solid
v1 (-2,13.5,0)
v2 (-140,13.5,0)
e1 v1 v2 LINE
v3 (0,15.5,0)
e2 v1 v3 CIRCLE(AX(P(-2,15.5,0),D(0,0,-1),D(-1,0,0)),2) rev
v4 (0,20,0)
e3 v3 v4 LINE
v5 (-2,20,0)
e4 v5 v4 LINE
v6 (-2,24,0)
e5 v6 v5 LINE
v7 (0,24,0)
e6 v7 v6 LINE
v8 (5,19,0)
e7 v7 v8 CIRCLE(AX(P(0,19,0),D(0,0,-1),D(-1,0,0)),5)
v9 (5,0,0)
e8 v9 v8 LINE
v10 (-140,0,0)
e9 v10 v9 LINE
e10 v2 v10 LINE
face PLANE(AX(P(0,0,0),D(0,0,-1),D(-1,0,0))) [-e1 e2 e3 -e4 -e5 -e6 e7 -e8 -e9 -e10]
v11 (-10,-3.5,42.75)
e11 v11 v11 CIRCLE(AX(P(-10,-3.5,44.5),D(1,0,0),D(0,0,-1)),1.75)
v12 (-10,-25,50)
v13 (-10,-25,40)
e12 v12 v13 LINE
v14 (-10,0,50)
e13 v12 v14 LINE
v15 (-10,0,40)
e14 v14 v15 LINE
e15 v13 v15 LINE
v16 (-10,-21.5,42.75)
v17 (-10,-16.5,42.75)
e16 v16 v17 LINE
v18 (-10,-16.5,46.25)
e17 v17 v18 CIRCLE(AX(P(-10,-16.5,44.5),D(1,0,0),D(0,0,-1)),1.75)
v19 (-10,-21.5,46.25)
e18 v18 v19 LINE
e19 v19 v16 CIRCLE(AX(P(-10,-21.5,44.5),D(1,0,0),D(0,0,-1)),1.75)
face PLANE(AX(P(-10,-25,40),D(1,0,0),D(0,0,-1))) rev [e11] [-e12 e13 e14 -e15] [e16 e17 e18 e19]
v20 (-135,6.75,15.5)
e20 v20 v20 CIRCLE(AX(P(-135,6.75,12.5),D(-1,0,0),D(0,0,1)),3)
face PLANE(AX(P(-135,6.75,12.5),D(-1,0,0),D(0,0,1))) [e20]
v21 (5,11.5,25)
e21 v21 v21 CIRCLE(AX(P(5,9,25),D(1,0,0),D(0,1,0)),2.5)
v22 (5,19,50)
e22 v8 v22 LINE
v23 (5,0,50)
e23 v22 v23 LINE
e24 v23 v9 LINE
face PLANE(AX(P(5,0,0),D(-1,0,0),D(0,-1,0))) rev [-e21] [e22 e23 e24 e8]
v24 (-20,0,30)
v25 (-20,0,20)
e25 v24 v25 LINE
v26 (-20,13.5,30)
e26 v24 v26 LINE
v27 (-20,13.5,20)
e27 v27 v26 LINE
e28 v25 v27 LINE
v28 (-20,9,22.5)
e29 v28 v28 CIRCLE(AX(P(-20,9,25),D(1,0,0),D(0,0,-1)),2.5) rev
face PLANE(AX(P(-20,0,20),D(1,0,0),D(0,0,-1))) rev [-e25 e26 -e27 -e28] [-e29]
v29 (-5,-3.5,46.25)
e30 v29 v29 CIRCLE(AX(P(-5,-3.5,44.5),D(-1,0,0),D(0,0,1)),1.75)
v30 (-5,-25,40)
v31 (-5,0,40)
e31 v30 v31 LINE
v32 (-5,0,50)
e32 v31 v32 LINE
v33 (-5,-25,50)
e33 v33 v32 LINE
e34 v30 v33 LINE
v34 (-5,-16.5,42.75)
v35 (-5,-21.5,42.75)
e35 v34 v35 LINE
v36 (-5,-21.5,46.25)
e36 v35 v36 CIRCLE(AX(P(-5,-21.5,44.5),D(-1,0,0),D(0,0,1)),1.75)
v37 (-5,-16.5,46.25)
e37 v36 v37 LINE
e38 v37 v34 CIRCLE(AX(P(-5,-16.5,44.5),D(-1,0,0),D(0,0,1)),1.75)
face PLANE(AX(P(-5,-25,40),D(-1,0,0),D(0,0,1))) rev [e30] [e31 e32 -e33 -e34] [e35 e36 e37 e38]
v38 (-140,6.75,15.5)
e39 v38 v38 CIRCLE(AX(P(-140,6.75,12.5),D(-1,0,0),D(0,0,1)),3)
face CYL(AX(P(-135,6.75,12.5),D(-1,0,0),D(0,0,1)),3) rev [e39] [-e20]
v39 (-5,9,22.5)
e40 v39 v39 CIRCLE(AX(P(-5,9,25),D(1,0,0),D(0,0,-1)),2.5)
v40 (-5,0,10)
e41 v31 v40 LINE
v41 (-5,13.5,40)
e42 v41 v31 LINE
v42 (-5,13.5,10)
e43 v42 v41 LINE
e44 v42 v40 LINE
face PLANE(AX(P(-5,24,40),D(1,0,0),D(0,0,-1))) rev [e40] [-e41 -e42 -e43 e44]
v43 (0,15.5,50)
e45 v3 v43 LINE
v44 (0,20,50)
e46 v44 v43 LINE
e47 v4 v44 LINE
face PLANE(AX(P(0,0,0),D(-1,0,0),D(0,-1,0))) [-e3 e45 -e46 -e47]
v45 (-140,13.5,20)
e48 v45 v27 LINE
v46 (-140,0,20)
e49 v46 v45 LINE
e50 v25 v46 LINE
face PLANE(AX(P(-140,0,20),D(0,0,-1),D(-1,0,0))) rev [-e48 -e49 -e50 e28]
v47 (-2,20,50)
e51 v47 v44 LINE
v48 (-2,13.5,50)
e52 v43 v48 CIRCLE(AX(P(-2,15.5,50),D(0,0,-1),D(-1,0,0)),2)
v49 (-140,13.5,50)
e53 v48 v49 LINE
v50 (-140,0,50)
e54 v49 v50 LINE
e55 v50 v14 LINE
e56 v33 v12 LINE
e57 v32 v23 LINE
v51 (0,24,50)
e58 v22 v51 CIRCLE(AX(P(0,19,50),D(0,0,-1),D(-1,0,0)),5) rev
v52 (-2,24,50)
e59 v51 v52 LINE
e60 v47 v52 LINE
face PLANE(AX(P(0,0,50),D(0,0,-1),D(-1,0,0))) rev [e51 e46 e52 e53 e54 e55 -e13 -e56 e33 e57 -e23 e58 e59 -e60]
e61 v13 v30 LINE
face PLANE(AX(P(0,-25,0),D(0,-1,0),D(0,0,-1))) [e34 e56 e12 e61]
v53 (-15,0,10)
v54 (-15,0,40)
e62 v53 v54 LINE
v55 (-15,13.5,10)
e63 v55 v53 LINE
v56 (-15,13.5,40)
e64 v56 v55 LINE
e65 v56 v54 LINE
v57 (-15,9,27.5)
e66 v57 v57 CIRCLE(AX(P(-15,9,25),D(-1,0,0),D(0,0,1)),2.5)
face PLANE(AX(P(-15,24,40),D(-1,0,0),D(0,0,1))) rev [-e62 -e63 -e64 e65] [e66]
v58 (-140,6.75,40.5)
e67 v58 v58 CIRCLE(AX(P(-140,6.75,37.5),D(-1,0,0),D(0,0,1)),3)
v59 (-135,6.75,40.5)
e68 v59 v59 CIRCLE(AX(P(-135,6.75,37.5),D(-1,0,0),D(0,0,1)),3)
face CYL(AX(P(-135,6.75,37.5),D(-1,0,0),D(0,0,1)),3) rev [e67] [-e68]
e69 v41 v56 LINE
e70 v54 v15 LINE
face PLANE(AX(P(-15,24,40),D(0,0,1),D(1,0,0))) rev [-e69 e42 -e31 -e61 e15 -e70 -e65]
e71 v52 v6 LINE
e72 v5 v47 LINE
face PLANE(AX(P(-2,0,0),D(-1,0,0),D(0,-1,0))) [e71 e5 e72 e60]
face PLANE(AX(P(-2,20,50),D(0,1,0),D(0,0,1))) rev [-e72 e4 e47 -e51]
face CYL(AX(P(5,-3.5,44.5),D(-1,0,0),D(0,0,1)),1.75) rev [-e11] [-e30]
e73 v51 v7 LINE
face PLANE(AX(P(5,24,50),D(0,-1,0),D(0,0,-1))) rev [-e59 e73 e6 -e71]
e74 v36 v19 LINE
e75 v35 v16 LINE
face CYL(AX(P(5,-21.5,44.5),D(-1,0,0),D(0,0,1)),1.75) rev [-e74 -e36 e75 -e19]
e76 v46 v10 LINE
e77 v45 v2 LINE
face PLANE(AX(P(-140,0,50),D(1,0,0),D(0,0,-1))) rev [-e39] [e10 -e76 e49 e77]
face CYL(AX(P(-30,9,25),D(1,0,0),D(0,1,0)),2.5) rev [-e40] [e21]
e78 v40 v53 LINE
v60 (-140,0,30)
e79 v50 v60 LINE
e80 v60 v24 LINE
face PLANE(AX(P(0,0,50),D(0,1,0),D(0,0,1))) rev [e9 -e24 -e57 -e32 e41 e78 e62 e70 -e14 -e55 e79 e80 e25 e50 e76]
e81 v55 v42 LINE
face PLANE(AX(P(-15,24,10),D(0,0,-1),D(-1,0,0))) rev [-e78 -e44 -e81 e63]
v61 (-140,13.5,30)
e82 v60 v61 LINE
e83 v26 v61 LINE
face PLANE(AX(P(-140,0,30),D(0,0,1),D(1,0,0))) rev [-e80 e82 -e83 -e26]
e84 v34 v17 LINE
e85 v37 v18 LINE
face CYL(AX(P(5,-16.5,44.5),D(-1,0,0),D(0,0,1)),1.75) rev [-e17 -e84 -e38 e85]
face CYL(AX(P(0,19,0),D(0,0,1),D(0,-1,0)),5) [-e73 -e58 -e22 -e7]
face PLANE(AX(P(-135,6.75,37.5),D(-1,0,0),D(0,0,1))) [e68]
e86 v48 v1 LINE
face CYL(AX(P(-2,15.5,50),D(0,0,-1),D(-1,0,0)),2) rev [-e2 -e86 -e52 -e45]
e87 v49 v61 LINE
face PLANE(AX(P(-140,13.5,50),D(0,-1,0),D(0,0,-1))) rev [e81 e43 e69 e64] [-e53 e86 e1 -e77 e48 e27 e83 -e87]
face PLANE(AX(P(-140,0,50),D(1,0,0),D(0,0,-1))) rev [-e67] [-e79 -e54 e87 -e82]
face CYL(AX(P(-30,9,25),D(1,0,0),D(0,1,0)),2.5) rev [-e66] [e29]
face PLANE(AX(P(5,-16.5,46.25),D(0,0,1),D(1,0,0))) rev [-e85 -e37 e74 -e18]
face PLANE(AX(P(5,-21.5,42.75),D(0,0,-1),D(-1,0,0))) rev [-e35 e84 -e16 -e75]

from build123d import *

# Parameters (mm, degrees)
SKETCH1_W               = 140
SKETCH1_H               = 13.5
BOSS_EXTRUDE1_DEPTH     = 50
SKETCH2_R               = 3
CUT_EXTRUDE1_DEPTH      = 5
SKETCH3_W               = 50
SKETCH3_H               = 24
BOSS_EXTRUDE2_DEPTH     = 5
CUT_EXTRUDE2_DEPTH      = 151.585523873
CUT_EXTRUDE2_DEPTH_BACK = 151.585523873
SKETCH4_W               = 10
SKETCH4_H               = 30
SKETCH5_R               = 2.5
CUT_EXTRUDE3_DEPTH      = 35
SKETCH6_W               = 50
SKETCH6_H               = 4
BOSS_EXTRUDE3_DEPTH     = 2
CUT_EXTRUDE4_DEPTH      = 150.272402004
CUT_EXTRUDE4_DEPTH_BACK = 150.272402004
SKETCH7_W               = 120
SKETCH7_H               = 10
SKETCH8_W               = 5
SKETCH8_H               = 10
BOSS_EXTRUDE4_DEPTH     = 25
CUT_EXTRUDE5_DEPTH      = 142.509716981
CUT_EXTRUDE5_DEPTH_BACK = 142.509716981
SKETCH10_R              = 1.75
FILLET1_R               = 2
FILLET2_R               = 5


with BuildPart() as part:
    # Sketch1 → Boss-Extrude1 (new body)
    with BuildSketch(Plane.XY):
        with Locations((-70, 6.75)):
            Rectangle(SKETCH1_W, SKETCH1_H)
    extrude(amount=BOSS_EXTRUDE1_DEPTH)

    # Sketch2 → Cut-Extrude1 (cut)
    with BuildSketch(Plane.ZY.offset(140)):
        with Locations((12.5, 6.75)):
            Circle(SKETCH2_R)
        with Locations((25, 6.75)):
            Circle(SKETCH2_R)
        with Locations((37.5, 6.75)):
            Circle(SKETCH2_R)
    extrude(amount=-CUT_EXTRUDE1_DEPTH, mode=Mode.SUBTRACT)

    # Sketch3 → Boss-Extrude2 (add)
    with BuildSketch(Plane(origin=(0, 0, 0), x_dir=(0, 0, -1), z_dir=(1, 0, 0))):
        with Locations((-25, 12)):
            Rectangle(SKETCH3_W, SKETCH3_H)
    extrude(amount=BOSS_EXTRUDE2_DEPTH)

    # Sketch4 → Cut-Extrude2 (cut, two sides: drawn at the far end of the back side and taken through both)
    with BuildSketch(Plane.XZ.offset(-CUT_EXTRUDE2_DEPTH_BACK)):
        with Locations((-10, 25)):
            Rectangle(SKETCH4_W, SKETCH4_H)
    extrude(amount=CUT_EXTRUDE2_DEPTH + CUT_EXTRUDE2_DEPTH_BACK, mode=Mode.SUBTRACT)

    # Sketch5 → Cut-Extrude3 (cut)
    with BuildSketch(Plane(origin=(5, 0, 0), x_dir=(0, 0, -1), z_dir=(1, 0, 0))):
        with Locations(Location((-25, 9, 0), (0, 0, 90))):
            Circle(SKETCH5_R)
    extrude(amount=-CUT_EXTRUDE3_DEPTH, mode=Mode.SUBTRACT)

    # Sketch6 → Boss-Extrude3 (add)
    with BuildSketch(Plane.ZY):
        with Locations((25, 22)):
            Rectangle(SKETCH6_W, SKETCH6_H)
    extrude(amount=BOSS_EXTRUDE3_DEPTH)

    # Sketch7 → Cut-Extrude4 (cut, two sides: drawn at the far end of the back side and taken through both)
    with BuildSketch(Plane(origin=(0, 13.5, 0), x_dir=(1, 0, 0), z_dir=(0, 1, 0)).offset(-CUT_EXTRUDE4_DEPTH_BACK)):
        with Locations((-80, -25)):
            Rectangle(SKETCH7_W, SKETCH7_H)
    extrude(amount=CUT_EXTRUDE4_DEPTH + CUT_EXTRUDE4_DEPTH_BACK, mode=Mode.SUBTRACT)

    # Sketch8 → Boss-Extrude4 (add)
    with BuildSketch(Plane.XZ):
        with Locations((-7.5, 45)):
            Rectangle(SKETCH8_W, SKETCH8_H)
    extrude(amount=BOSS_EXTRUDE4_DEPTH)

    # Sketch10 → Cut-Extrude5 (cut, two sides: drawn at the far end of the back side and taken through both)
    with BuildSketch(Plane.ZY.offset(10).offset(-CUT_EXTRUDE5_DEPTH_BACK)):
        with Locations((44.5, -3.5)):
            Circle(SKETCH10_R)
        with BuildLine():
            Line((46.25, -16.5), (46.25, -21.5))
            ThreePointArc((46.25, -21.5), (44.5, -23.25), (42.75, -21.5))
            Line((42.75, -21.5), (42.75, -16.5))
            ThreePointArc((42.75, -16.5), (44.5, -14.75), (46.25, -16.5))
        make_face()
    extrude(amount=CUT_EXTRUDE5_DEPTH + CUT_EXTRUDE5_DEPTH_BACK, mode=Mode.SUBTRACT)

    # Fillet1
    fillet1_edges = [part.edges().sort_by_distance(p)[0] for p in [
        (0, 13.5, 25),
    ]]
    fillet(fillet1_edges, radius=FILLET1_R)

    # Fillet2
    fillet2_edges = [part.edges().sort_by_distance(p)[0] for p in [
        (5, 24, 25),
    ]]
    fillet(fillet2_edges, radius=FILLET2_R)


solid = part.part
